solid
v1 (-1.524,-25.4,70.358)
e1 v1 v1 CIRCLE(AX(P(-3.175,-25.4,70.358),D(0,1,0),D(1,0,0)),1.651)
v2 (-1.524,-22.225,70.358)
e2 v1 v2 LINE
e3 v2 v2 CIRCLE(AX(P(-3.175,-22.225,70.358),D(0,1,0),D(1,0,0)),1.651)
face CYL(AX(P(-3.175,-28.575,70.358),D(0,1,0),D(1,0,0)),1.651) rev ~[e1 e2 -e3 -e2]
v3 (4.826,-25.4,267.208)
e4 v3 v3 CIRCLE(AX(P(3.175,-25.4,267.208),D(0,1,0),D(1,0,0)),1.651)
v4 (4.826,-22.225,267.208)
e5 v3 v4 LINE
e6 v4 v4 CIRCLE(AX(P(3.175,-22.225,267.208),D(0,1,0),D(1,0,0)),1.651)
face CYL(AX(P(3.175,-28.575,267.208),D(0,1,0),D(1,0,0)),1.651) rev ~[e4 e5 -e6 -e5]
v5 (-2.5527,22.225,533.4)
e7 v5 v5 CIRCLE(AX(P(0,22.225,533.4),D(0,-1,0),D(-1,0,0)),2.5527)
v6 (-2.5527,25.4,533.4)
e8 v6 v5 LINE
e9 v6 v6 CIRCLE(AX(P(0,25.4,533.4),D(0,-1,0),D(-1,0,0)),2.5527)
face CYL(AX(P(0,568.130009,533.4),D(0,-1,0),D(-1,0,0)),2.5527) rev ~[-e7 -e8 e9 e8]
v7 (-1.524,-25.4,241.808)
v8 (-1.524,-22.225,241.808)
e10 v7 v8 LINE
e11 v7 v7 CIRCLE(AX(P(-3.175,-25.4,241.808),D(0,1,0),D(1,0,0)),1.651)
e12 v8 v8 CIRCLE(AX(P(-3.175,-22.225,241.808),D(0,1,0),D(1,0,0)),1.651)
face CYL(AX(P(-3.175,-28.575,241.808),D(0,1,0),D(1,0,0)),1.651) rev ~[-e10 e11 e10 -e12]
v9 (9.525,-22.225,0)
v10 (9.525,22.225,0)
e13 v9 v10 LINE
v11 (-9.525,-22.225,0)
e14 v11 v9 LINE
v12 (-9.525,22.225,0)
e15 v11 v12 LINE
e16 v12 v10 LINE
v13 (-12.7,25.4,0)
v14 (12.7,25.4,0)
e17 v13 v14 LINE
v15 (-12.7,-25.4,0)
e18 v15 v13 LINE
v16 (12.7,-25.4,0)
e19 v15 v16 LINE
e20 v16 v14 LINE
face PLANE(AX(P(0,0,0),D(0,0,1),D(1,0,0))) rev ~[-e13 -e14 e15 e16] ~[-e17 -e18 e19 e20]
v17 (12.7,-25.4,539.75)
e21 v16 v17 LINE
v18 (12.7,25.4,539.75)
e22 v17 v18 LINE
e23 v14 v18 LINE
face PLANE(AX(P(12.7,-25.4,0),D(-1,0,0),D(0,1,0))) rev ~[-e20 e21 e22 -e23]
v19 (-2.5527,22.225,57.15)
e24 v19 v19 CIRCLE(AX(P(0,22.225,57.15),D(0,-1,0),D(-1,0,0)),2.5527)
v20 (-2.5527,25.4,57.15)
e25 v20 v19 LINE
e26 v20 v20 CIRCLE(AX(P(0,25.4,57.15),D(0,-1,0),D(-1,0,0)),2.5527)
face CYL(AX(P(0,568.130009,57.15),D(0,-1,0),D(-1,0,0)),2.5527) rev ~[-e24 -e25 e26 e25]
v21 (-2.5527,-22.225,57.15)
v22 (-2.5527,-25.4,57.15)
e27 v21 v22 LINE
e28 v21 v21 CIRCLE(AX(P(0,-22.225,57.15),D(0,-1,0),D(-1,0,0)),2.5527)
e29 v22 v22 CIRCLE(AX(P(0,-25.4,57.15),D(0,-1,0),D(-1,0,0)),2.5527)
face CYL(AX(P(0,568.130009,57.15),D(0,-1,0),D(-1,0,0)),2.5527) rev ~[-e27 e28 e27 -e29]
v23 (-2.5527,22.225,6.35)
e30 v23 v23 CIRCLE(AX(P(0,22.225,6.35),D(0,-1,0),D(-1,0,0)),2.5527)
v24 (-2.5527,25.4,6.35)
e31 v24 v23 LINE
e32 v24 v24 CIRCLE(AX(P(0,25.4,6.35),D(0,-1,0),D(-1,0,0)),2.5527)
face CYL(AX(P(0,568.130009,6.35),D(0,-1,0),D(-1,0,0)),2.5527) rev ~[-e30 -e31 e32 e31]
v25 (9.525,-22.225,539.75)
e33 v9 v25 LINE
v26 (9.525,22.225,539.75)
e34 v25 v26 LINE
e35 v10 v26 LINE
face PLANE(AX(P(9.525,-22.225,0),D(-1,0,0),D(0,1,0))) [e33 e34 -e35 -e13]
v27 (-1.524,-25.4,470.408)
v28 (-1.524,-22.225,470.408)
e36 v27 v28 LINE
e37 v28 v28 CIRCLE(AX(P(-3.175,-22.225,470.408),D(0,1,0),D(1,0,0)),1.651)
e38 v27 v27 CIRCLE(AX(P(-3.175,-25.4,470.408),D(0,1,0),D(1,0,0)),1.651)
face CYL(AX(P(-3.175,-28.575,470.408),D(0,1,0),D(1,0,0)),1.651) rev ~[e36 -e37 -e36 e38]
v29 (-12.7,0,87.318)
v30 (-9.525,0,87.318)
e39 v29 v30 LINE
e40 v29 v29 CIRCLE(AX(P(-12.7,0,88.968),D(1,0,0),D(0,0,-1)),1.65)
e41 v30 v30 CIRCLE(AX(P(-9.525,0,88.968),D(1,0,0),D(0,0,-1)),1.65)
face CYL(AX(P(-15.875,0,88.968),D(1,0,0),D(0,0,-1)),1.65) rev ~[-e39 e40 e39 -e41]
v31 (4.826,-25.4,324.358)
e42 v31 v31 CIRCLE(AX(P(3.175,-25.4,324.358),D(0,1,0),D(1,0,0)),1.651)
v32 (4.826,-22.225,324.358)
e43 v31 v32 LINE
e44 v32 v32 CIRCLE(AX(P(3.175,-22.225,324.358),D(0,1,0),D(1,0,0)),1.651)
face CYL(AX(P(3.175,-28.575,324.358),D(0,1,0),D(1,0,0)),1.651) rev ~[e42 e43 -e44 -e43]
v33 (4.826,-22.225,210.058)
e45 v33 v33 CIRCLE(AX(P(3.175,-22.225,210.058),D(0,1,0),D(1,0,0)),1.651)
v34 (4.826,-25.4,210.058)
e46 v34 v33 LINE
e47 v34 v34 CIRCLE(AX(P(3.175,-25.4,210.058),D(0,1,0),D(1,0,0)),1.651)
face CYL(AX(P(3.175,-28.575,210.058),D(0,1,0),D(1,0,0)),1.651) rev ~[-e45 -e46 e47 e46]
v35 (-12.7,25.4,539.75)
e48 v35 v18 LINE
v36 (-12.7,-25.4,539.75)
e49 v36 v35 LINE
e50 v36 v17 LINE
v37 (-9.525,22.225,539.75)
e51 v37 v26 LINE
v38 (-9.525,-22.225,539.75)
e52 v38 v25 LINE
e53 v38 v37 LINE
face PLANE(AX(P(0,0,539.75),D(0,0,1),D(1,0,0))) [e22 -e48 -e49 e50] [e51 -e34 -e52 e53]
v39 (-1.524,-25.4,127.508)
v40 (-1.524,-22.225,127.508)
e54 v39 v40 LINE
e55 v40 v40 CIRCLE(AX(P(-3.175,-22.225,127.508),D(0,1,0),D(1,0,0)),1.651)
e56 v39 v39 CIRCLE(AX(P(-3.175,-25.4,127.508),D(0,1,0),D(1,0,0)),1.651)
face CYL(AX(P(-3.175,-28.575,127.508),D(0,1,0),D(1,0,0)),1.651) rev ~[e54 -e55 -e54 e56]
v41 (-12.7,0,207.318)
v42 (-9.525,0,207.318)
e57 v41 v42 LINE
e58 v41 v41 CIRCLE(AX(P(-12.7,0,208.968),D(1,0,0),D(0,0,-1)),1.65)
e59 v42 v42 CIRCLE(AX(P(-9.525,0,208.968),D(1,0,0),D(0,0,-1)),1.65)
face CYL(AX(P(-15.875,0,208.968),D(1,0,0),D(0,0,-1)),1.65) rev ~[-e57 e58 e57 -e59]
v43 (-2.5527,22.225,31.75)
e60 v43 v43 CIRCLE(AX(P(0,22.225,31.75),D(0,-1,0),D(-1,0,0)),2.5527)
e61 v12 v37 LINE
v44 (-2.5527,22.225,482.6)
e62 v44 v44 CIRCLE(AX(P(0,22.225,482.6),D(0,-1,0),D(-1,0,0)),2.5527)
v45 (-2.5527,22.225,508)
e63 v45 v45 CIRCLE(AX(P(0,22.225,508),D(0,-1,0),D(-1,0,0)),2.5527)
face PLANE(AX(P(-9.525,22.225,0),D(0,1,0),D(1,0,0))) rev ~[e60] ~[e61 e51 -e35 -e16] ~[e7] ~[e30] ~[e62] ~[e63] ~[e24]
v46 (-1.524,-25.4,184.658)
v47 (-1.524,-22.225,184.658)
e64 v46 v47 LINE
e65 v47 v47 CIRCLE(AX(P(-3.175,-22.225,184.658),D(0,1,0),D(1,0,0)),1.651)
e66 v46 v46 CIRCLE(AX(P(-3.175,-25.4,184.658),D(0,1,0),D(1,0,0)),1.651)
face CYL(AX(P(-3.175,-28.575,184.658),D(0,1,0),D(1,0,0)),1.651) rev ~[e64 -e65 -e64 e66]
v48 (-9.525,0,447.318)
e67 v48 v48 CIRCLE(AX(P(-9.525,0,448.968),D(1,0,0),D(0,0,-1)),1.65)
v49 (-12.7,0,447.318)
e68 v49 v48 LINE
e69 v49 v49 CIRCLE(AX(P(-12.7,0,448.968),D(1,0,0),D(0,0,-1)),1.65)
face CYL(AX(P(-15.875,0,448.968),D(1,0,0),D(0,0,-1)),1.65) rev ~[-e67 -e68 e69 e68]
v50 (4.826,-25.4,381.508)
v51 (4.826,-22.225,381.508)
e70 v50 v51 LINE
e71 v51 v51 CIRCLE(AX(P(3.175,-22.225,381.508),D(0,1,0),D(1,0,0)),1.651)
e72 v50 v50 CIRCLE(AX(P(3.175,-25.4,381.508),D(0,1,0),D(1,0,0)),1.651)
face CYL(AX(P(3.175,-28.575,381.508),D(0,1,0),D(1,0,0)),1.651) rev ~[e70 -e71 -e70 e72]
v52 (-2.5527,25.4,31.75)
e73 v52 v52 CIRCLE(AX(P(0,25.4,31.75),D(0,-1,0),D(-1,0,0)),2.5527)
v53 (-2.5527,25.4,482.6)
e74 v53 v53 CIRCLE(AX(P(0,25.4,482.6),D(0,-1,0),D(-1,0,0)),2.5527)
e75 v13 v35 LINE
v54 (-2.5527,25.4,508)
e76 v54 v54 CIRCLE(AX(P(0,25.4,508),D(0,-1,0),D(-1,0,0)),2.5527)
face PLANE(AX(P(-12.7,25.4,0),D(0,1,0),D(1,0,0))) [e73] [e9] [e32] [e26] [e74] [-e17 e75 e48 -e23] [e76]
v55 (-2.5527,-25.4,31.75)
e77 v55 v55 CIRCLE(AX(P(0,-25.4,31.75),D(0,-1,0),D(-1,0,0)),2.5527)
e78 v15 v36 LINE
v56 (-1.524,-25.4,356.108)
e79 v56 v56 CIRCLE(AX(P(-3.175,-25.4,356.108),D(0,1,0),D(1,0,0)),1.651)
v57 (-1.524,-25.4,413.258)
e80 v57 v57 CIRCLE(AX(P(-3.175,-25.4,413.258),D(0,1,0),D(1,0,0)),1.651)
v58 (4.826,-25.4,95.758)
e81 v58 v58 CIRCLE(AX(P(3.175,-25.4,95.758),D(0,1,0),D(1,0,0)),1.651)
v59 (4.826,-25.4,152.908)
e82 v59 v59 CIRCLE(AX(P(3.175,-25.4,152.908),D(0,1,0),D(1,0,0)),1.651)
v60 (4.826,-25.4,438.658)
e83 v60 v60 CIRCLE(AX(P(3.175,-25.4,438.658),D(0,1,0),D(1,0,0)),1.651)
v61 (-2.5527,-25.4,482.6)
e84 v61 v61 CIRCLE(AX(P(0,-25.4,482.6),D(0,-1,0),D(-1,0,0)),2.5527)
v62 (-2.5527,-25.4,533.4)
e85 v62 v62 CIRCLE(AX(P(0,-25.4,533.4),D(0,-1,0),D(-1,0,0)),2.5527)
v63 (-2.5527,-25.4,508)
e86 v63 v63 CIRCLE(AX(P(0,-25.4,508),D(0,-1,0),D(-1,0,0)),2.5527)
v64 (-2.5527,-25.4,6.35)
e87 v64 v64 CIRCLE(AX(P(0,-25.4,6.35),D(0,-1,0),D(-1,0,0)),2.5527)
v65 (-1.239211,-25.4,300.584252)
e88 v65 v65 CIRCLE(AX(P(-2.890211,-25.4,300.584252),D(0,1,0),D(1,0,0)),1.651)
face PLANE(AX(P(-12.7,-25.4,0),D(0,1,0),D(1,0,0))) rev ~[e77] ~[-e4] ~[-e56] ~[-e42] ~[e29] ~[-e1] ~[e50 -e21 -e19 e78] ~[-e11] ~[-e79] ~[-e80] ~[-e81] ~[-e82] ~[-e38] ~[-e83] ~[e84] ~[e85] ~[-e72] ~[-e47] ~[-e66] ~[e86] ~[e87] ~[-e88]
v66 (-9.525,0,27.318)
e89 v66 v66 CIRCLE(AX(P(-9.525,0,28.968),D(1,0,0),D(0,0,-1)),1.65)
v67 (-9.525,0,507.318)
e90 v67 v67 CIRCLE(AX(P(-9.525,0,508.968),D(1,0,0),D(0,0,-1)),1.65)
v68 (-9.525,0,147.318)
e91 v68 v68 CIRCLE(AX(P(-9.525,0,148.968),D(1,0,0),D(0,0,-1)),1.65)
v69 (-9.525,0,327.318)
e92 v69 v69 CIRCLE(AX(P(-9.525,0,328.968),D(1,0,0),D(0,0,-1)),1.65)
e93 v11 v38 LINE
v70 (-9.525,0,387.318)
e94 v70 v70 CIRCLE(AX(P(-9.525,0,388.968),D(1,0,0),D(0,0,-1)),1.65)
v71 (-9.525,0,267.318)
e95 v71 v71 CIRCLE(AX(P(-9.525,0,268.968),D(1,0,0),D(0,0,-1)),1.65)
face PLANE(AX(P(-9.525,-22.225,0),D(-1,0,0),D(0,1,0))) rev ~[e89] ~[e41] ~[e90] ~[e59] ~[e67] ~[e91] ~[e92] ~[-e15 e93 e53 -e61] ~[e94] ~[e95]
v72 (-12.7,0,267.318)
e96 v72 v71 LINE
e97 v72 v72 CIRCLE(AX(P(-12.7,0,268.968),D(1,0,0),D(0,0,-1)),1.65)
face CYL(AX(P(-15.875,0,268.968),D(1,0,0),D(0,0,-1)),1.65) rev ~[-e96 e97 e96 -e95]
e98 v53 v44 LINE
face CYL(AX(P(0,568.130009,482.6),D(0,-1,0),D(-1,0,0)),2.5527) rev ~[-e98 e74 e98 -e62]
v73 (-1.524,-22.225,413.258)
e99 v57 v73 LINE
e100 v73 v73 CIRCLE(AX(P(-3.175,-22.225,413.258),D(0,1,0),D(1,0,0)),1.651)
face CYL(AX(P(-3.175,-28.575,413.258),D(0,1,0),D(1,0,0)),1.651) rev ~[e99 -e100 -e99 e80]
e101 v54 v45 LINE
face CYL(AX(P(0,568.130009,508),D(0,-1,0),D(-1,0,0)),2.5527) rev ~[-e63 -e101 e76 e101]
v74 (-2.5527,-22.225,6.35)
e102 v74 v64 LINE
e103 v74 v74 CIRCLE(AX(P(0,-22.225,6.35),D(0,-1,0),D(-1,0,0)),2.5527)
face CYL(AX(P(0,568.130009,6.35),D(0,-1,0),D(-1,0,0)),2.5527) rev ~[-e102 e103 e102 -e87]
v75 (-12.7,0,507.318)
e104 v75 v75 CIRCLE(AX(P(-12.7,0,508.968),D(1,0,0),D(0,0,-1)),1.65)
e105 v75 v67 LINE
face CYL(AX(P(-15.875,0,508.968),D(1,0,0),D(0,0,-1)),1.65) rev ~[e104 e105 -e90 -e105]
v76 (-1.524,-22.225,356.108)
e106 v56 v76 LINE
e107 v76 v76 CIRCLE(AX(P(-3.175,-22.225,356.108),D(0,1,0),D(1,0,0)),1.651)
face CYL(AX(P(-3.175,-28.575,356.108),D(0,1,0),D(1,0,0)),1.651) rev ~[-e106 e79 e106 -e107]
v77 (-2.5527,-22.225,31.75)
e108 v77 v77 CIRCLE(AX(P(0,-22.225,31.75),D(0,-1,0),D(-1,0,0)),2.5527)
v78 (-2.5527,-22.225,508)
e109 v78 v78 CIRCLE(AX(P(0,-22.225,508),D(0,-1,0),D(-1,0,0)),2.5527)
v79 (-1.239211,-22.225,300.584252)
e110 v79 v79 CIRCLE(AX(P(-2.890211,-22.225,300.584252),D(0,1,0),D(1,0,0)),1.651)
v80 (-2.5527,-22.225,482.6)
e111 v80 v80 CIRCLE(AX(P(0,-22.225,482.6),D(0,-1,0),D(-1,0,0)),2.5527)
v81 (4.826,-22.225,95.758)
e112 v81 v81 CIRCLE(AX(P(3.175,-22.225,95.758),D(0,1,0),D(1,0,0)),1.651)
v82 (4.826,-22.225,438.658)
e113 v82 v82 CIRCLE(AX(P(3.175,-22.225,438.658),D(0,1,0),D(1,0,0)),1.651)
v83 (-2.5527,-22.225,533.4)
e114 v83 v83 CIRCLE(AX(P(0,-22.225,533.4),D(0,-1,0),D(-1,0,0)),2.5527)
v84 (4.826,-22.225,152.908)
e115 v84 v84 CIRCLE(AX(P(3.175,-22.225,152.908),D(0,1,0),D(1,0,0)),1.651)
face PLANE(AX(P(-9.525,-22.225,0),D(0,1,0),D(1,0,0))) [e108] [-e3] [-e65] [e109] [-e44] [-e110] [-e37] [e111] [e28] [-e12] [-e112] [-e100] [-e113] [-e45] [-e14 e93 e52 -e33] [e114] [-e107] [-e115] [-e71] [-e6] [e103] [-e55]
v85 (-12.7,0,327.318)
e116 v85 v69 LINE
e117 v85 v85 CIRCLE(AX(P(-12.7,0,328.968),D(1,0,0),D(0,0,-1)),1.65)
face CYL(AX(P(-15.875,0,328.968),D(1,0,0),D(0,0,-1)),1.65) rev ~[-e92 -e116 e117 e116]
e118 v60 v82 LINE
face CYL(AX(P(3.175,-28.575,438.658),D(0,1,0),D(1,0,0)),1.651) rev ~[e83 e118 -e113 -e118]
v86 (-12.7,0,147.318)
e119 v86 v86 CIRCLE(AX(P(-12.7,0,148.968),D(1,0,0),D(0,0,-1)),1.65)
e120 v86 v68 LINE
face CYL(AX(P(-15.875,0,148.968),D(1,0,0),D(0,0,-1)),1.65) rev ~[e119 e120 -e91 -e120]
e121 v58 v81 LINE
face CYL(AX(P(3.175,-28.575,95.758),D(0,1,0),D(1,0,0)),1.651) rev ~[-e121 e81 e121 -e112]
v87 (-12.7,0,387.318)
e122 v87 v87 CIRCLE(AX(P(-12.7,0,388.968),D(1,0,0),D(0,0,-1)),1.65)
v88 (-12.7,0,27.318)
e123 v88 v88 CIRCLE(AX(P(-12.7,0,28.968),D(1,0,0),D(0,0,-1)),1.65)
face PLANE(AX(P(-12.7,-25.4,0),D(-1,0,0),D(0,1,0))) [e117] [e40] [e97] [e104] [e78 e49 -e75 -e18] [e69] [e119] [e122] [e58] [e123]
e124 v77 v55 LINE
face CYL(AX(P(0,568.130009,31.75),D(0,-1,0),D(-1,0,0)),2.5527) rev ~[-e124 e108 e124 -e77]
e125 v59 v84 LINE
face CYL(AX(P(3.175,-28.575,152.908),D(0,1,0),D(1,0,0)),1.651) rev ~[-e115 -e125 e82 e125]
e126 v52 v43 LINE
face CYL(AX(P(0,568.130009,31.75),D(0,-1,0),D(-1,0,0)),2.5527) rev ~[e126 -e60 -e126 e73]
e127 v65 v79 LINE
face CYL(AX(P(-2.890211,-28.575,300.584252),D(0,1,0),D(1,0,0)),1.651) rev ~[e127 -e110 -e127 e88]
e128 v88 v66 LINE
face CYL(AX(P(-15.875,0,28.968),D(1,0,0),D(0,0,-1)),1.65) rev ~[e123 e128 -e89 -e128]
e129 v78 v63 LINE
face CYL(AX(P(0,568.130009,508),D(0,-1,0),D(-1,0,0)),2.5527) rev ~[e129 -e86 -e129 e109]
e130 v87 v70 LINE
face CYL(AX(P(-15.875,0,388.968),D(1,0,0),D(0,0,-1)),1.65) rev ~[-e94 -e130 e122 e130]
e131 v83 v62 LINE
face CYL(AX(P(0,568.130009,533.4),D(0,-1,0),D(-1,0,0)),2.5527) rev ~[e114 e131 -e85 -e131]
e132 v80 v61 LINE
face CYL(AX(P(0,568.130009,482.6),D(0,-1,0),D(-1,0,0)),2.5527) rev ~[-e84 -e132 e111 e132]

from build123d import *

# Parameters (mm, degrees)
SKETCH1_W                       = 25.4
SKETCH1_H                       = 50.8
SKETCH1_W_2                     = 19.05
SKETCH1_H_2                     = 44.45
EXTRUDE_THIN1_DEPTH             = 539.75
F_10_CLEARANCE_HOLE1_D          = 5.1054
M4X0_7_TAPPED_HOLE1_D           = 3.3
M4X0_7_TAPPED_HOLE1_DEPTH       = 3.175
F_1_8_0_13_DIAMETER_HOLE1_D     = 3.302
F_1_8_0_13_DIAMETER_HOLE1_DEPTH = 3.175


with BuildPart() as part:
    # Sketch1 → Extrude-Thin1 (new body)
    with BuildSketch(Plane.XY):
        Rectangle(SKETCH1_W, SKETCH1_H)
        Rectangle(SKETCH1_W_2, SKETCH1_H_2, mode=Mode.SUBTRACT)
    extrude(amount=EXTRUDE_THIN1_DEPTH)

    # #10 Clearance Hole1 (through all)
    with Locations(Plane(origin=(0, 25.4, 0), x_dir=(1, 0, 0), z_dir=(0, 1, 0))):
        with Locations((0, -533.4), (0, -508), (0, -482.6), (0, -6.35), (0, -31.75), (0, -57.15)):
            Hole(F_10_CLEARANCE_HOLE1_D / 2)

    # M4x0.7 Tapped Hole1
    with Locations(Plane.ZY.offset(12.7)):
        with Locations((148.968, 0), (88.968, 0), (28.968, 0), (208.968, 0), (268.968, 0), (328.968, 0), (388.968, 0), (448.968, 0), (508.968, 0)):
            Hole(M4X0_7_TAPPED_HOLE1_D / 2, depth=M4X0_7_TAPPED_HOLE1_DEPTH)

    # 1/8 (0.13) Diameter Hole1
    with Locations(Plane(origin=(0, -25.4, 0), x_dir=(-1, 0, 0), z_dir=(0, -1, 0))):
        with Locations((3.175, -70.358), (-3.175, -95.758), (3.175, -127.508), (-3.175, -152.908), (3.175, -184.658), (3.175, -241.808), (-3.175, -267.208), (2.890210973, -300.584252198), (-3.175, -324.358), (3.175, -356.108), (-3.175, -381.508), (3.175, -413.258), (-3.175, -438.658), (3.175, -470.408), (-3.175, -210.058)):
            Hole(F_1_8_0_13_DIAMETER_HOLE1_D / 2, depth=F_1_8_0_13_DIAMETER_HOLE1_DEPTH)


solid = part.part
